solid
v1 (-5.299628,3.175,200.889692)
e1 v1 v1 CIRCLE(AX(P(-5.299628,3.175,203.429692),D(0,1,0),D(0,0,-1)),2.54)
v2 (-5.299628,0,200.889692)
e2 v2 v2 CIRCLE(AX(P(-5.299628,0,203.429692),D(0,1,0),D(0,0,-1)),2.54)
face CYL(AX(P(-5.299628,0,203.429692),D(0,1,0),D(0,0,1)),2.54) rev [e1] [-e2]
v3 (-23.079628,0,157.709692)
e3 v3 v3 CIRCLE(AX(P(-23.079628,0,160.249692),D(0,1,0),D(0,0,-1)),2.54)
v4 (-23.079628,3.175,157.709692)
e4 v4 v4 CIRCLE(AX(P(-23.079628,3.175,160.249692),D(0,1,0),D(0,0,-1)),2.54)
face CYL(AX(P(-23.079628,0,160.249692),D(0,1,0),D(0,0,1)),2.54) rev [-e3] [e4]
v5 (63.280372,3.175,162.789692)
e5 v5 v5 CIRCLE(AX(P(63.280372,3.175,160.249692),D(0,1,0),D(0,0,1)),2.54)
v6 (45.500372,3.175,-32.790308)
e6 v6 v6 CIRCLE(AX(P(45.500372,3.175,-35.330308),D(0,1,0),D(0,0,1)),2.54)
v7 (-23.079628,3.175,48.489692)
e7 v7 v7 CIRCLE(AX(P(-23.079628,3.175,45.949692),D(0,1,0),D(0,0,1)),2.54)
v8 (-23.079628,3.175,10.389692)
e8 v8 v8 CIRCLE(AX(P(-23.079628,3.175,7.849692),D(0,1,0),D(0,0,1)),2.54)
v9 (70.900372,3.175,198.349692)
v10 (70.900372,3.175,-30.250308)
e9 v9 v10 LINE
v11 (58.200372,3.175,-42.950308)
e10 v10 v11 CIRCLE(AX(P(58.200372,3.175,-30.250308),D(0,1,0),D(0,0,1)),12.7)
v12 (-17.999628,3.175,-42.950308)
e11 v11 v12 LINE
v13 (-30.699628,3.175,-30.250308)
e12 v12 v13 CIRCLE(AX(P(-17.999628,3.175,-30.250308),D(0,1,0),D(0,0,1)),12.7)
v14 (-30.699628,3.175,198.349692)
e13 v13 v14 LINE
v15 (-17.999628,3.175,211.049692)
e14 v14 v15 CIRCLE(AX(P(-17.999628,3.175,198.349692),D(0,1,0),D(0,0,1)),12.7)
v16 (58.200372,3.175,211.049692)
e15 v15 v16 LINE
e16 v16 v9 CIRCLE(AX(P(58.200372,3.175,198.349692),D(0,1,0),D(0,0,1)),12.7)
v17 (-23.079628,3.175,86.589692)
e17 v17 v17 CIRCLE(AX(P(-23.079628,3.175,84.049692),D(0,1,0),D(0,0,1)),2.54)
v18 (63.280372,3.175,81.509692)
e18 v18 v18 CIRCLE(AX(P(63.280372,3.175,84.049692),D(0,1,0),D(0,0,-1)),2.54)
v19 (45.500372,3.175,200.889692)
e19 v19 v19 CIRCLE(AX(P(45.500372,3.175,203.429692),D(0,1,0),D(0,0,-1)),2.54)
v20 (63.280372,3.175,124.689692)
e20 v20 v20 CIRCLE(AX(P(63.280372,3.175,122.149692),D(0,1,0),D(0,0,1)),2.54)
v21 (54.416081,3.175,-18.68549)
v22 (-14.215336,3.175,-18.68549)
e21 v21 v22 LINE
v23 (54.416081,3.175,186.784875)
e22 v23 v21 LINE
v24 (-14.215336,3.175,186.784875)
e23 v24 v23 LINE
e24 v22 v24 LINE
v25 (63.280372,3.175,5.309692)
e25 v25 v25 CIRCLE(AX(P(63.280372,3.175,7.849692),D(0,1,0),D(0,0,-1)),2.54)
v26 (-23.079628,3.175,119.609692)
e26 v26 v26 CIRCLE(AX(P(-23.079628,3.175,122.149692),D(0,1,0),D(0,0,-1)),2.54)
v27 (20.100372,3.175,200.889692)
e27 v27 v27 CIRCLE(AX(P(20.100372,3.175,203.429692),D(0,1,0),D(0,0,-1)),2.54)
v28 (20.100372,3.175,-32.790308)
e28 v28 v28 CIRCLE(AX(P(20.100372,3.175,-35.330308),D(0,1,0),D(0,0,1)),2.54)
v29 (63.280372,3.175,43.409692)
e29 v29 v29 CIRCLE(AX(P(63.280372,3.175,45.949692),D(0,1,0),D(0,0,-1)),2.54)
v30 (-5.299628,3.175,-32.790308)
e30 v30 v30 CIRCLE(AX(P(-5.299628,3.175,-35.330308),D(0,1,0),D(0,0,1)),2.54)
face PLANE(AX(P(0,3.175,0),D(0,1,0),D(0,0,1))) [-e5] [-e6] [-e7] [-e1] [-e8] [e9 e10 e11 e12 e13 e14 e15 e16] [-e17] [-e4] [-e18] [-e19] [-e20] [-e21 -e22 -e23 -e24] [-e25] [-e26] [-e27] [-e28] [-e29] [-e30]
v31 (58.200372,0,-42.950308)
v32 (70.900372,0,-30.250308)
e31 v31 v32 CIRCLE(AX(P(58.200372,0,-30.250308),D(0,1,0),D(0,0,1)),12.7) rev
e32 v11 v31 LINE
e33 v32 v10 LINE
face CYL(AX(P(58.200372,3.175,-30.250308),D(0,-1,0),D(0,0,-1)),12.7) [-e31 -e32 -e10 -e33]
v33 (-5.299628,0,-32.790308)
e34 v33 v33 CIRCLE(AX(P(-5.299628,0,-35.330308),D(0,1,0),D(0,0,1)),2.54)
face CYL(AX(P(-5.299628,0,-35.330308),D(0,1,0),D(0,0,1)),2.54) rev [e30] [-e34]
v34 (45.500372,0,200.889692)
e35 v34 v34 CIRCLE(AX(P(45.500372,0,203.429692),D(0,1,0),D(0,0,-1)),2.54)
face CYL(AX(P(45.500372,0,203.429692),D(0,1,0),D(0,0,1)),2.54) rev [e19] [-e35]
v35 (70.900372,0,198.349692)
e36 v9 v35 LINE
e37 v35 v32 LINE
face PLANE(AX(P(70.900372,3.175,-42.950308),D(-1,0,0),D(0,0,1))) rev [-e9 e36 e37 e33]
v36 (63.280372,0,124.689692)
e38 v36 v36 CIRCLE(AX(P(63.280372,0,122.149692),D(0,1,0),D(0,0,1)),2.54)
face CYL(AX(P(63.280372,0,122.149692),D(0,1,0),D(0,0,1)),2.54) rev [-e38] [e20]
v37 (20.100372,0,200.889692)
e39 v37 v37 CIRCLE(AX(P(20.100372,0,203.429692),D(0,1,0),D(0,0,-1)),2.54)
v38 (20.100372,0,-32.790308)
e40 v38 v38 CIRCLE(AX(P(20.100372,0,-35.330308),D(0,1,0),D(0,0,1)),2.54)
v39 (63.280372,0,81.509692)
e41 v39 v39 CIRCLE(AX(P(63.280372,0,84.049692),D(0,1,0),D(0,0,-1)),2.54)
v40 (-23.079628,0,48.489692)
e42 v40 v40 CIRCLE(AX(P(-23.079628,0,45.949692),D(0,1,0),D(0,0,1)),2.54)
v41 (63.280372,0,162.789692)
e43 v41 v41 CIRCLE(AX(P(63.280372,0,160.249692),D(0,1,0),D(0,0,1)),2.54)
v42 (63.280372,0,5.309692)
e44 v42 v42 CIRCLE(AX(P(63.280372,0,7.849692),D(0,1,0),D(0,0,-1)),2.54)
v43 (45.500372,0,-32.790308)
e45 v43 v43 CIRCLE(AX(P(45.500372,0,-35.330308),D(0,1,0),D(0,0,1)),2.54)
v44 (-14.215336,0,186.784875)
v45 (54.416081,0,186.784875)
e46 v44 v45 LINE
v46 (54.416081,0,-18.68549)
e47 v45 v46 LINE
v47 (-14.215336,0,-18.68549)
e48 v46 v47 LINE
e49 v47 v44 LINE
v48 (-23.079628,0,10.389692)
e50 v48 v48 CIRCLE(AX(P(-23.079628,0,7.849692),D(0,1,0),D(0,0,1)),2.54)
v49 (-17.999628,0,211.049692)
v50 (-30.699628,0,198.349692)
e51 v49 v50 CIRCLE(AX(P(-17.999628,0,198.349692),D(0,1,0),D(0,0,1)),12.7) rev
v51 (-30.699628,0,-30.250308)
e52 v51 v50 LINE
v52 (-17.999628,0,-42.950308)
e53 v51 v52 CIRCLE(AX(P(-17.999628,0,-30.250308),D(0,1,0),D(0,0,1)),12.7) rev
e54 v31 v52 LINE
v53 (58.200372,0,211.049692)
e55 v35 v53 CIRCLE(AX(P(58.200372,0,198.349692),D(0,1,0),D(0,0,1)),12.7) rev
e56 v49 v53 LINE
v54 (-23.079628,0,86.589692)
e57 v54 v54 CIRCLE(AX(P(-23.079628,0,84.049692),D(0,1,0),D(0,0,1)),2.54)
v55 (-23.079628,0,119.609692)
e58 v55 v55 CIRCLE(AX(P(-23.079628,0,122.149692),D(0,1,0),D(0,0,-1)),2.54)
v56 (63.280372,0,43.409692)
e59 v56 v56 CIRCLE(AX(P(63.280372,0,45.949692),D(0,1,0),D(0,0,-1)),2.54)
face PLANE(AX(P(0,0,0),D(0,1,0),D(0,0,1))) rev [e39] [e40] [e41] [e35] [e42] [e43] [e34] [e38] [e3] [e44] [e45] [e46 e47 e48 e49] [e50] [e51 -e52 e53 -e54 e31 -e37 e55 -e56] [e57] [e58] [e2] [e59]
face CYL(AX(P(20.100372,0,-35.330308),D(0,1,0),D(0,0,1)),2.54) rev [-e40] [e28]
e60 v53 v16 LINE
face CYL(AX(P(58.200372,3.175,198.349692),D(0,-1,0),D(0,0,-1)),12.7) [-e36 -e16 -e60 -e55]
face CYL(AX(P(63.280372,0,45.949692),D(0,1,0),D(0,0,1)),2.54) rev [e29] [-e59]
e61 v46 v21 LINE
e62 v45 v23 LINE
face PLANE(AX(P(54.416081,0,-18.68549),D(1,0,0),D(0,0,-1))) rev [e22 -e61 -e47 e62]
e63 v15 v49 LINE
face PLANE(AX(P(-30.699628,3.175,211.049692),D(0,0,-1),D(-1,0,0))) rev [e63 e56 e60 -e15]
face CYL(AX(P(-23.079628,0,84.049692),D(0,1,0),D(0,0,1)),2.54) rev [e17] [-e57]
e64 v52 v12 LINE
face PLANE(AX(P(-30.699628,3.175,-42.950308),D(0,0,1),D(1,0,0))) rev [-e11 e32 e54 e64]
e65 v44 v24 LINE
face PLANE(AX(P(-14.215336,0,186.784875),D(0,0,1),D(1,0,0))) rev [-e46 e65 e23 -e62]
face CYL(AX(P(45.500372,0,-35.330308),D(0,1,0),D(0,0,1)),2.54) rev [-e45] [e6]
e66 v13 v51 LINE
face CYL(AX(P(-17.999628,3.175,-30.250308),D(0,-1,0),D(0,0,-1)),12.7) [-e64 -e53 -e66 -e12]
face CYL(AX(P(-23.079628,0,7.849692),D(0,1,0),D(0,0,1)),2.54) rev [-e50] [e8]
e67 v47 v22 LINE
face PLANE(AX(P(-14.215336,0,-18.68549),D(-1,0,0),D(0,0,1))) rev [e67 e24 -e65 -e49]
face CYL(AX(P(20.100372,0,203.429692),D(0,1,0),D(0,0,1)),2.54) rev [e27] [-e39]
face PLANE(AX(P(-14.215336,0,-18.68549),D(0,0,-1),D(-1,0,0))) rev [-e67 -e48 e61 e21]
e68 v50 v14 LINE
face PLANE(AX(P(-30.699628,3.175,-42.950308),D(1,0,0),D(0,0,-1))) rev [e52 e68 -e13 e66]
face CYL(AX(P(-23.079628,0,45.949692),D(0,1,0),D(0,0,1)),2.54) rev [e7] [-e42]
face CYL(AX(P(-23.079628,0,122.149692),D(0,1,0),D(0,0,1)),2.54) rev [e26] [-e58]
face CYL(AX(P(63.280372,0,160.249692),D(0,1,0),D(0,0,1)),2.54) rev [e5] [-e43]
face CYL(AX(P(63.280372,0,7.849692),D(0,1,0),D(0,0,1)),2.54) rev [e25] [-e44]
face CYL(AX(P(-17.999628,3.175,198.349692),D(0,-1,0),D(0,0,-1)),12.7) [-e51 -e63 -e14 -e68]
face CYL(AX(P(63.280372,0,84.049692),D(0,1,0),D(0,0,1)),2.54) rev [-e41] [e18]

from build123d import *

# Parameters (mm, degrees)
SKETCH1_W           = 101.6
SKETCH1_H           = 254
BOSS_EXTRUDE1_DEPTH = 3.175
SKETCH2_R           = 2.54
CUT_EXTRUDE1_DEPTH  = 223.663234681
FILLET1_R           = 12.7
SKETCH4_W           = 68.631417281
SKETCH4_H           = 205.47036429
CUT_EXTRUDE2_DEPTH  = 223.663234681


with BuildPart() as part:
    # Sketch1 → Boss-Extrude1 (new body)
    with BuildSketch(Plane(origin=(0, 0, 0), x_dir=(1, 0, 0), z_dir=(0, 1, 0))):
        with Locations((20.100372359, -84.049692378)):
            Rectangle(SKETCH1_W, SKETCH1_H)
    extrude(amount=BOSS_EXTRUDE1_DEPTH)

    # Sketch2 → Cut-Extrude1 (cut, through all)
    with BuildSketch(Plane(origin=(0, 3.175, 0), x_dir=(1, 0, 0), z_dir=(0, 1, 0))):
        with Locations((-5.299627641, 35.330307622)):
            Circle(SKETCH2_R)
        with Locations((20.100372359, 35.330307622)):
            Circle(SKETCH2_R)
        with Locations((45.500372359, 35.330307622)):
            Circle(SKETCH2_R)
        with Locations((-23.079627641, -84.049692378)):
            Circle(SKETCH2_R)
        with Locations((-23.079627641, -45.949692378)):
            Circle(SKETCH2_R)
        with Locations((-23.079627641, -7.849692378)):
            Circle(SKETCH2_R)
        with Locations((63.280372359, -7.849692378)):
            Circle(SKETCH2_R)
        with Locations((63.280372359, -45.949692378)):
            Circle(SKETCH2_R)
        with Locations((63.280372359, -84.049692378)):
            Circle(SKETCH2_R)
        with Locations((63.280372359, -122.149692378)):
            Circle(SKETCH2_R)
        with Locations((63.280372359, -160.249692378)):
            Circle(SKETCH2_R)
        with Locations((-23.079627641, -160.249692378)):
            Circle(SKETCH2_R)
        with Locations((-23.079627641, -122.149692378)):
            Circle(SKETCH2_R)
        with Locations((45.500372359, -203.429692378)):
            Circle(SKETCH2_R)
        with Locations((20.100372359, -203.429692378)):
            Circle(SKETCH2_R)
        with Locations((-5.299627641, -203.429692378)):
            Circle(SKETCH2_R)
    extrude(amount=-CUT_EXTRUDE1_DEPTH, mode=Mode.SUBTRACT)

    # Fillet1
    fillet1_edges = [part.edges().sort_by_distance(p)[0] for p in [
        (-30.699627641, 1.5875, 211.049692378),
        (70.900372359, 1.5875, 211.049692378),
        (70.900372359, 1.5875, -42.950307622),
        (-30.699627641, 1.5875, -42.950307622),
    ]]
    fillet(fillet1_edges, radius=FILLET1_R)

    # Sketch4 → Cut-Extrude2 (cut, through all)
    with BuildSketch(Plane(origin=(0, 3.175, 0), x_dir=(1, 0, 0), z_dir=(0, 1, 0))):
        with Locations((20.100372358, -84.049692378)):
            Rectangle(SKETCH4_W, SKETCH4_H)
    extrude(amount=-CUT_EXTRUDE2_DEPTH, mode=Mode.SUBTRACT)


solid = part.part
